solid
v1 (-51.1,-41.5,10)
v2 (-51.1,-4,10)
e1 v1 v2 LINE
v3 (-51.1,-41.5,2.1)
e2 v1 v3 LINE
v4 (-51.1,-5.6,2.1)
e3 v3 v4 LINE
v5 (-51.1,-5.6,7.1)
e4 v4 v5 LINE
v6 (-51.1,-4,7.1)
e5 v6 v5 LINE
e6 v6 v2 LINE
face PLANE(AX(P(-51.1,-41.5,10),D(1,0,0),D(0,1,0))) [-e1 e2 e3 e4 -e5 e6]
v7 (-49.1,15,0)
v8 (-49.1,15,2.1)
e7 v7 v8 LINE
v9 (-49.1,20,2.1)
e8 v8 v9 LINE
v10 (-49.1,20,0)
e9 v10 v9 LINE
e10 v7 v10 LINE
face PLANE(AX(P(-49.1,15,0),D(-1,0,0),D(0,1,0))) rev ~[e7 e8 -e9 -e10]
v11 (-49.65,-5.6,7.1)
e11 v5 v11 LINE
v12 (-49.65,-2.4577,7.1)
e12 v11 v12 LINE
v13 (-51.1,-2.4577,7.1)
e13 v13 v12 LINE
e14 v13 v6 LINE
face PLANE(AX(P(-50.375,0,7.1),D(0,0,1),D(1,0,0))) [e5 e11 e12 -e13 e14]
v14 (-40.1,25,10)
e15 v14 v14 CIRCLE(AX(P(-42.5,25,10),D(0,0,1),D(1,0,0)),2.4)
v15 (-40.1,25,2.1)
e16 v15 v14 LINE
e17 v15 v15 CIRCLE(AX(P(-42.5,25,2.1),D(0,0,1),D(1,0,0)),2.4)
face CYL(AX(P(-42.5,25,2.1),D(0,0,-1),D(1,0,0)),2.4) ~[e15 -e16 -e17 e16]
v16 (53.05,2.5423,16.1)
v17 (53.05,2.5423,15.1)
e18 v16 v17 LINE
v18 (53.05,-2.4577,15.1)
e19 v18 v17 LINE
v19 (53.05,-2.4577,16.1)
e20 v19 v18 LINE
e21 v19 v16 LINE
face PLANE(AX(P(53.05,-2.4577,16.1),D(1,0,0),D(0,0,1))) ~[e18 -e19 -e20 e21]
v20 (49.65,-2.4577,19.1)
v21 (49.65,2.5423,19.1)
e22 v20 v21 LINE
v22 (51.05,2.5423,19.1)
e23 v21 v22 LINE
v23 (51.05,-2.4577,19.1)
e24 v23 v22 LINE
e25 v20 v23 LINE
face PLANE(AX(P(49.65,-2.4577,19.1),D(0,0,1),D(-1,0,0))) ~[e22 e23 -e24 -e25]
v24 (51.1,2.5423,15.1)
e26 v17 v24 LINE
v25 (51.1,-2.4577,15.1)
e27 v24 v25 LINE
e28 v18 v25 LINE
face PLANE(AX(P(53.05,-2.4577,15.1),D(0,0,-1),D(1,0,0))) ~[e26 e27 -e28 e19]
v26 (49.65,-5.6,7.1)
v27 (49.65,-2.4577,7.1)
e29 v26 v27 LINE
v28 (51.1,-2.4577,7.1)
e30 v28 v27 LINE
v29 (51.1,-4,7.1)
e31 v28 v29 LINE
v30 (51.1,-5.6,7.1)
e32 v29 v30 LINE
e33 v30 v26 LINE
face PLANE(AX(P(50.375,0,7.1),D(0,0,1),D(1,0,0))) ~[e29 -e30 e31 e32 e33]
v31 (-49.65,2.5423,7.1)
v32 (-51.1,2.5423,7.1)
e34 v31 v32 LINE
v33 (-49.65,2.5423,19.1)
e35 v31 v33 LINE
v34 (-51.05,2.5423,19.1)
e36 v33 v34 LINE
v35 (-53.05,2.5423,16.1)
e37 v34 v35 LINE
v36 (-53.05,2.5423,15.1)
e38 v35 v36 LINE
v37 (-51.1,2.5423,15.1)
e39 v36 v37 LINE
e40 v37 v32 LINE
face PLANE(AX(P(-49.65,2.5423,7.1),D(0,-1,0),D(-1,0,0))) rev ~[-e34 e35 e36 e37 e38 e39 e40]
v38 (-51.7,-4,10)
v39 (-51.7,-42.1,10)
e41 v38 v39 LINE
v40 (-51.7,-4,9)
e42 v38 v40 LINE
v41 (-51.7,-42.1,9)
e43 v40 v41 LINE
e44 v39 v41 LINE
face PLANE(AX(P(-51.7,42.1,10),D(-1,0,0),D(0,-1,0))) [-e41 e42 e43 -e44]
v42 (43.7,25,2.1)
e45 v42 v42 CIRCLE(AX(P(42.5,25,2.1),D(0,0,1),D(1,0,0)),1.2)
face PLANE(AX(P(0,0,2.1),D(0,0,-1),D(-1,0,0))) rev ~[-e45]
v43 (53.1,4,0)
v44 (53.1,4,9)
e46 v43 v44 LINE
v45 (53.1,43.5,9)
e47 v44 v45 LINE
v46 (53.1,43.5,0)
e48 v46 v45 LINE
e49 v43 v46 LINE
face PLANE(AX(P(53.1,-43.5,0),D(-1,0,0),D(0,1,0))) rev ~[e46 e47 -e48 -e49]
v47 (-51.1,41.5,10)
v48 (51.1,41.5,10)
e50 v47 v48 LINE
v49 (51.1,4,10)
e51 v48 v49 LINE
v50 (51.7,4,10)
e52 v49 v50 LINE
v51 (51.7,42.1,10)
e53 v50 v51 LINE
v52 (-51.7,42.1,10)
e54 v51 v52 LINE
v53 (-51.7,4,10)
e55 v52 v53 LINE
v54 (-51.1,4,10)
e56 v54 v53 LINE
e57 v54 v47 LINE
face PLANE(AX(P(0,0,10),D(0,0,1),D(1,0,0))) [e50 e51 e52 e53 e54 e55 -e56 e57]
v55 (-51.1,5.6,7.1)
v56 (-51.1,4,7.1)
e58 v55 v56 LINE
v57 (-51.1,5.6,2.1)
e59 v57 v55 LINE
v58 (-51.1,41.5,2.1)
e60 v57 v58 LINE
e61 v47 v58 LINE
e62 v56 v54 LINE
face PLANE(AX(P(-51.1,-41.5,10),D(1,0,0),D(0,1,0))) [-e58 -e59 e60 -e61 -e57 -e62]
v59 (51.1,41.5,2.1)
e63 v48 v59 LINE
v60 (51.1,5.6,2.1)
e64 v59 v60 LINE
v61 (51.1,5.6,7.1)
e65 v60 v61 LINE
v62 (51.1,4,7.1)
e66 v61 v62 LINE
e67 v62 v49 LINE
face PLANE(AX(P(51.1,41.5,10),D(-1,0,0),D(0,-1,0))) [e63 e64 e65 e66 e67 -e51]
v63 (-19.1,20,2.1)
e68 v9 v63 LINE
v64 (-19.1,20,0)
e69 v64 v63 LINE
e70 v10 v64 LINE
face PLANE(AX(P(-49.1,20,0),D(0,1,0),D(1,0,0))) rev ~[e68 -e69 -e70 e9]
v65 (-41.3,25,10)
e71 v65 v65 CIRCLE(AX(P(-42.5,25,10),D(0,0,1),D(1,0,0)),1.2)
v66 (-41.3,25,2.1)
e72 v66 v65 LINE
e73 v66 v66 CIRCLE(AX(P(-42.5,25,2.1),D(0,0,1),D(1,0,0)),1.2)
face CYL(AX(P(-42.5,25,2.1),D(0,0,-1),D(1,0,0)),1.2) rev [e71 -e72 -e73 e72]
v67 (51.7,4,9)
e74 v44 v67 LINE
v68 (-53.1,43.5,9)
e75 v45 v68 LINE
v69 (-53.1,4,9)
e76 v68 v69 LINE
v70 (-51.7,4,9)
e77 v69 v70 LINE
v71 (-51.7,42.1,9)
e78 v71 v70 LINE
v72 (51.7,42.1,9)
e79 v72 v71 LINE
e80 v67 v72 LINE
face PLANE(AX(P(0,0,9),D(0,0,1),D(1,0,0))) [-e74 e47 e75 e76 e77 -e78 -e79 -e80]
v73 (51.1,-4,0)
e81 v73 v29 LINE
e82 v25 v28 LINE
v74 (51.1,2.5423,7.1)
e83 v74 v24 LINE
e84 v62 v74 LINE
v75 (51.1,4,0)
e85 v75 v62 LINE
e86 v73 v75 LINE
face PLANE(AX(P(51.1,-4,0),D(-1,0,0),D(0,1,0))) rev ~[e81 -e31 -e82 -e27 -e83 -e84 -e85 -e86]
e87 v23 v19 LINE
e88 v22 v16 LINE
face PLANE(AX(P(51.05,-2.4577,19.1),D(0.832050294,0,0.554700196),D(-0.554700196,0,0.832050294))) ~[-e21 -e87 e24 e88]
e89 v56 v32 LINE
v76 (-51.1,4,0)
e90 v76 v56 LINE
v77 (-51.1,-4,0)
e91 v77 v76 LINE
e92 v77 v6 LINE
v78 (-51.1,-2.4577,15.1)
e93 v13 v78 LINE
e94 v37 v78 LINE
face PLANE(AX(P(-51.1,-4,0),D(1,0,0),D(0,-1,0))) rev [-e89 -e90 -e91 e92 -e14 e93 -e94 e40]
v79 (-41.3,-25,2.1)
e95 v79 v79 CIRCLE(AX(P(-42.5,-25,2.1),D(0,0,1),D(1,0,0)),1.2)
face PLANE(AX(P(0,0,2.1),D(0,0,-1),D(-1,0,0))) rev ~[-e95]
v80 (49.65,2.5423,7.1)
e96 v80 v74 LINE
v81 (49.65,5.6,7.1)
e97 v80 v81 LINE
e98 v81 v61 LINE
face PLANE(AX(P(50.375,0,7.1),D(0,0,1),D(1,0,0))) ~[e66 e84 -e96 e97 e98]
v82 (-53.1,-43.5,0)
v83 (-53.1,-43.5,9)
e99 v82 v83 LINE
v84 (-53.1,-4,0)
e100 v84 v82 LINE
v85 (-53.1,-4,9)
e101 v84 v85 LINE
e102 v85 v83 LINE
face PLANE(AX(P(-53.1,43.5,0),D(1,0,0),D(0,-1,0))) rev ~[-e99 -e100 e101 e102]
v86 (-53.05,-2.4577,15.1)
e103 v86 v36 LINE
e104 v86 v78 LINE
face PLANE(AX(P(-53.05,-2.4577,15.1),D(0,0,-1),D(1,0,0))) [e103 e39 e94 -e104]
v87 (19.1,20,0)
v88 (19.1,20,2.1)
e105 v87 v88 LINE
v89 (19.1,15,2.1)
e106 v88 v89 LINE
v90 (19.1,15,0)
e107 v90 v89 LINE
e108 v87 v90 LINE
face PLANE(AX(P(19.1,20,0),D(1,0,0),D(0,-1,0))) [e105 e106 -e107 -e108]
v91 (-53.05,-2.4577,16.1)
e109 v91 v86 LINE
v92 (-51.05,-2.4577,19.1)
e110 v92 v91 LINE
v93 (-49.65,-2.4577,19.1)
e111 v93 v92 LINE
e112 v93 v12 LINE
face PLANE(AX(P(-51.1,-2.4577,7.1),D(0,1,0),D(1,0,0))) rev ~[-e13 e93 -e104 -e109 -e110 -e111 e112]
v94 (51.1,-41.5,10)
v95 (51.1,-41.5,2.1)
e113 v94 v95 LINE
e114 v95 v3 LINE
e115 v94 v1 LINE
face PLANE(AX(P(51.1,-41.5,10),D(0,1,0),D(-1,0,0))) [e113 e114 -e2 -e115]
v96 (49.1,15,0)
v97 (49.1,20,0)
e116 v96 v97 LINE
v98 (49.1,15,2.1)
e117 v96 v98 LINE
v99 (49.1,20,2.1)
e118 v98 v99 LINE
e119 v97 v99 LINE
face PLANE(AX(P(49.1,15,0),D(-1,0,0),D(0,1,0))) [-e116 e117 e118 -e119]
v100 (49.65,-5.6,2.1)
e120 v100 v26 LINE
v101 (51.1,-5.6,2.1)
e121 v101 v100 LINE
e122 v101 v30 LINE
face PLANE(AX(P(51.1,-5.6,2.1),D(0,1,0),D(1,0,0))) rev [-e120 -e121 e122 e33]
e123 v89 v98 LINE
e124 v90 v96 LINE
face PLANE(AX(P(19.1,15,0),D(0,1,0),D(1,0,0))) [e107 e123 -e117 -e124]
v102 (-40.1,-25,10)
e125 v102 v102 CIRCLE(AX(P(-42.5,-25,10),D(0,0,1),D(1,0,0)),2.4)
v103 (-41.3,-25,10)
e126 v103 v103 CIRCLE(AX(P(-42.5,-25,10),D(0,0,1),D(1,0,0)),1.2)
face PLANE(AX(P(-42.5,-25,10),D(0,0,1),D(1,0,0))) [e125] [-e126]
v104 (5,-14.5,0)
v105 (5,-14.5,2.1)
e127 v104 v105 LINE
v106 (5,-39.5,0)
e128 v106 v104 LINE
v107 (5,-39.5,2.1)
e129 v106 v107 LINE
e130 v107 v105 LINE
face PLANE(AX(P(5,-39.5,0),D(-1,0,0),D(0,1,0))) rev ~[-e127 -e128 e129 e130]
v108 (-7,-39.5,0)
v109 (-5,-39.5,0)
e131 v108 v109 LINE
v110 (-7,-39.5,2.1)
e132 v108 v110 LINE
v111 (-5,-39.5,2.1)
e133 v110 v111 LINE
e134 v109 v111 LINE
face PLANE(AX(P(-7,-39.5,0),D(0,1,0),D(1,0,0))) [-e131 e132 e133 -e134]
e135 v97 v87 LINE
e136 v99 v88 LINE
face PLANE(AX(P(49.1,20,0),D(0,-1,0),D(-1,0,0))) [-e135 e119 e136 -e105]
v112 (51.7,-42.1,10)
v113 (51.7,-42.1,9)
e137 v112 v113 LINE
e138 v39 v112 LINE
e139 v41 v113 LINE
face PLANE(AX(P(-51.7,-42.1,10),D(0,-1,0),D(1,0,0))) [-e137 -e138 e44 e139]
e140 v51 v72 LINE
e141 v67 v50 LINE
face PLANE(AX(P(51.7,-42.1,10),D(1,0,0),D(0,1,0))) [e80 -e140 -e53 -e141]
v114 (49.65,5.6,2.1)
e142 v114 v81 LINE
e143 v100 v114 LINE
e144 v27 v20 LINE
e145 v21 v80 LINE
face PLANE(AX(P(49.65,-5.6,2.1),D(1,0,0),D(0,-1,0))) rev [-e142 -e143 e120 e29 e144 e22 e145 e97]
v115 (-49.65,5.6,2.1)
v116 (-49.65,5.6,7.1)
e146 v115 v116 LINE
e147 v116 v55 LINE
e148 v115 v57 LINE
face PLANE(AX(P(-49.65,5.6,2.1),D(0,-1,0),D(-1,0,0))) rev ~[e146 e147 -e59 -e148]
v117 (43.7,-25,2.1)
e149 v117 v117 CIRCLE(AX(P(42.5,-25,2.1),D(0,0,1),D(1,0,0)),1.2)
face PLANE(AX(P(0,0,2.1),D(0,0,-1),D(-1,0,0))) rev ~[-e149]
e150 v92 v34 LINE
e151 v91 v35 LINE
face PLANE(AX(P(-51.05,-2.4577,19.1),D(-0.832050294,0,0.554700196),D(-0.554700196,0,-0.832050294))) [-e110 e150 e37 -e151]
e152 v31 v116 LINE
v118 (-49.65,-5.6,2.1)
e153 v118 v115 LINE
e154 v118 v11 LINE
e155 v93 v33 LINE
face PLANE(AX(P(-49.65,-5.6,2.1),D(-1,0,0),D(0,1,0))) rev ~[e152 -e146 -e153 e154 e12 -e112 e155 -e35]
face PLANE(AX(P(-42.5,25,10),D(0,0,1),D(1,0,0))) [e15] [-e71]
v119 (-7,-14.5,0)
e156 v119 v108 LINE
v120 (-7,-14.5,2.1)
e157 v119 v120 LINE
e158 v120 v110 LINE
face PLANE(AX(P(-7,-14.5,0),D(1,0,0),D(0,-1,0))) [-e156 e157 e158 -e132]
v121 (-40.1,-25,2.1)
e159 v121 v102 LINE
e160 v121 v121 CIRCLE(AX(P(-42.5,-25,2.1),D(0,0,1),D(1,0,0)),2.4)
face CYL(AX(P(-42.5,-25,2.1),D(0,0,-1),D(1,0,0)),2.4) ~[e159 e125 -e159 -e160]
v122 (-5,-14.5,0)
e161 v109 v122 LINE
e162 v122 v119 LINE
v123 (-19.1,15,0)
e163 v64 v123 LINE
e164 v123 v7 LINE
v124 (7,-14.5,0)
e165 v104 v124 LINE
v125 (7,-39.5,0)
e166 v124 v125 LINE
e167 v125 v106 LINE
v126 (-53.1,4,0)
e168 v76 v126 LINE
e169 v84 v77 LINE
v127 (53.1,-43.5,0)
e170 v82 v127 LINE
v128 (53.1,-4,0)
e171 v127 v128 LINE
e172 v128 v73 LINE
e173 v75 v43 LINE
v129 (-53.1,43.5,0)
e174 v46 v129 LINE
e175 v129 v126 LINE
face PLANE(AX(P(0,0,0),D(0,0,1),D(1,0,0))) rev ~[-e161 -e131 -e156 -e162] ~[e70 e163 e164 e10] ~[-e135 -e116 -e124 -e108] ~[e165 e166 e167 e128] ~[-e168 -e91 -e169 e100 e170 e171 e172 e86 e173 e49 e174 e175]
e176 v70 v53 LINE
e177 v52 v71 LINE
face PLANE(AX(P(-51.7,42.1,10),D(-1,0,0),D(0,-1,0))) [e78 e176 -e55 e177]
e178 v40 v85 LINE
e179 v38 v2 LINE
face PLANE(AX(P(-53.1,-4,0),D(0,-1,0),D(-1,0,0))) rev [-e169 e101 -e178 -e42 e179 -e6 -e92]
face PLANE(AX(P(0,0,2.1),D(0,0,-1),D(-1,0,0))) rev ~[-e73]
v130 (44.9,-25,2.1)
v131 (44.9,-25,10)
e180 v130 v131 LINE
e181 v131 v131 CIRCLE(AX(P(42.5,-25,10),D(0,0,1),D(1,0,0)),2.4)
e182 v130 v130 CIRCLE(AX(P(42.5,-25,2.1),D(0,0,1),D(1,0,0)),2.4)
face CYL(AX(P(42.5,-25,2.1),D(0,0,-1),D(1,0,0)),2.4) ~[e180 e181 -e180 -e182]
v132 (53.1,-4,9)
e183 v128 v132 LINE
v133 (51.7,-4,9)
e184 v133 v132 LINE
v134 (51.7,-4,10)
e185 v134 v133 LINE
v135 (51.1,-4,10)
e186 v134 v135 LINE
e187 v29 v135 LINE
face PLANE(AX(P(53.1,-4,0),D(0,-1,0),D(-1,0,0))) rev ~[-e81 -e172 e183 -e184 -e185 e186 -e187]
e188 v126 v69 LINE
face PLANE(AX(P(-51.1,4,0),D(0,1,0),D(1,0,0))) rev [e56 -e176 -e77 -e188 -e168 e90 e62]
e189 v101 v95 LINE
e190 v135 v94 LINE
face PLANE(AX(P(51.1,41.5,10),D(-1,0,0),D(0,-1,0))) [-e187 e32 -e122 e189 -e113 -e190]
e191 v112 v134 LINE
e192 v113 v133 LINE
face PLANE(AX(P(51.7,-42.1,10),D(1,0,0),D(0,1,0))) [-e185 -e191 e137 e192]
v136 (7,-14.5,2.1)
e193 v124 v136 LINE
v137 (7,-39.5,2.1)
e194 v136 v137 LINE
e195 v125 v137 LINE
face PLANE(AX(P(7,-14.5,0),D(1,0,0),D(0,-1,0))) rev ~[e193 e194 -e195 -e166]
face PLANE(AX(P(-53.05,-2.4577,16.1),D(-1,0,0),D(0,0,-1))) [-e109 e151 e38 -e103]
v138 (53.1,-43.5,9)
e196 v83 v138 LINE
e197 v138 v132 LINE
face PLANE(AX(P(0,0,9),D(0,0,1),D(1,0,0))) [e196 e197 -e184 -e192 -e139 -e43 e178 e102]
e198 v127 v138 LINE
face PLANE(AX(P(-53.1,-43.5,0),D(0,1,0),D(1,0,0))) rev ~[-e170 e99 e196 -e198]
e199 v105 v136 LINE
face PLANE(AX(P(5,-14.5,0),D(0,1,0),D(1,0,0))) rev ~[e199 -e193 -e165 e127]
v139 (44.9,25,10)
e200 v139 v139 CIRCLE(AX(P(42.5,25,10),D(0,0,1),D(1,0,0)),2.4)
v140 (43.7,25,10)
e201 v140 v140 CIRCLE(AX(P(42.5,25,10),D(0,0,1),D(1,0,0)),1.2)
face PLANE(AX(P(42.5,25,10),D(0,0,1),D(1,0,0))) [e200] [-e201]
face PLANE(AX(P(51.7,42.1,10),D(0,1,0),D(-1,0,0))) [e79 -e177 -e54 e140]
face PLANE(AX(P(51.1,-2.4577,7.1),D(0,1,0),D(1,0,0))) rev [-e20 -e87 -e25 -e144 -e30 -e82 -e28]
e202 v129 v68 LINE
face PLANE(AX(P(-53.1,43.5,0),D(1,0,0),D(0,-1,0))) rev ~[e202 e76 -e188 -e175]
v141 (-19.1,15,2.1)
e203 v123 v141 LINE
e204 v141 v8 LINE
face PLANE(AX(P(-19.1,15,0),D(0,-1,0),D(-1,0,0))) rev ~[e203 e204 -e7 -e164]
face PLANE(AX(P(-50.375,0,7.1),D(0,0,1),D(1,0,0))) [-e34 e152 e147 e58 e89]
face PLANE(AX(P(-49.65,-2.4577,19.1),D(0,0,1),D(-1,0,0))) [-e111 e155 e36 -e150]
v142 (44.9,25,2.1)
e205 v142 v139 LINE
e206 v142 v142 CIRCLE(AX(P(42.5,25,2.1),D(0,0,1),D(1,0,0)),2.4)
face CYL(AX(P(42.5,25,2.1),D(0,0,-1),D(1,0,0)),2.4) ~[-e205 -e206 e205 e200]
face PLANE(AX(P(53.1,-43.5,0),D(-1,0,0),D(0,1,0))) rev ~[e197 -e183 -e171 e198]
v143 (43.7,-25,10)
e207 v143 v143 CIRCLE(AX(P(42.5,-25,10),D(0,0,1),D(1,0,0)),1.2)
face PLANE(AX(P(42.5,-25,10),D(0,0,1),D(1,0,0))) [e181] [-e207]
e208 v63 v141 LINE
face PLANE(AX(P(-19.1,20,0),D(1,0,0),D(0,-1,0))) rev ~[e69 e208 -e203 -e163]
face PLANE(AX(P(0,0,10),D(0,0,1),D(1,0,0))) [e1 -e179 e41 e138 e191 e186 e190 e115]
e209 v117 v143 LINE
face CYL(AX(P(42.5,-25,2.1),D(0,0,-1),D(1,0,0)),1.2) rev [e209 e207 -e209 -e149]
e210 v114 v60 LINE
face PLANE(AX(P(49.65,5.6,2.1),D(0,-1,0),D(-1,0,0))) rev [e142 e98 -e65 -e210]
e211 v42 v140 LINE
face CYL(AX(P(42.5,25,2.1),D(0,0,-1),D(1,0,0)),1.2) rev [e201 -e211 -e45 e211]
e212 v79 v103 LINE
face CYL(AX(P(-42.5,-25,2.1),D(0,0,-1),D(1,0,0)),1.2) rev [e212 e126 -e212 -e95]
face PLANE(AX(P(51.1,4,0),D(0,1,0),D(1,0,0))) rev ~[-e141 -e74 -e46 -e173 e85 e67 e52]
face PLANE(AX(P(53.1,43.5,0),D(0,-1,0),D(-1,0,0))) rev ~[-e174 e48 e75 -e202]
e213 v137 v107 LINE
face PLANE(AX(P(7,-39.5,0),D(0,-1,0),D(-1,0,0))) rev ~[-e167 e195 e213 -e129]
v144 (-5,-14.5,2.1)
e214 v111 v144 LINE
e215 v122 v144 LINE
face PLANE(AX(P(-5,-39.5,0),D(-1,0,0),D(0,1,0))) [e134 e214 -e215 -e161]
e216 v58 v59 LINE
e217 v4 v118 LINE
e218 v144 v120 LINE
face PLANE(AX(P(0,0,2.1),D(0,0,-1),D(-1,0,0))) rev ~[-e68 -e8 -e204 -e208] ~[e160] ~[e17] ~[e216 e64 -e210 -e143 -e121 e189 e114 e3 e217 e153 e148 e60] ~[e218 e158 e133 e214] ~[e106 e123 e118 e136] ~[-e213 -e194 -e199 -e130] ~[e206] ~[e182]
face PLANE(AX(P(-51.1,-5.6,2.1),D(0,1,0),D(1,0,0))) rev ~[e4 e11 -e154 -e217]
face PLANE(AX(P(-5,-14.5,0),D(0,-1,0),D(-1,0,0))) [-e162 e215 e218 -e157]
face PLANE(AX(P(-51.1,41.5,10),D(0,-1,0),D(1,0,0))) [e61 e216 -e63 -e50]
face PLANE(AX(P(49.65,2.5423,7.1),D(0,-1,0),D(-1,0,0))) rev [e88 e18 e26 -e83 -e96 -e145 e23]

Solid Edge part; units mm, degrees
sketch "Sketch1" plane through (0, 0, 0) normal (0, 0, 1) x (1, 0, 0)
  line L0 (19.1, 20) -> (19.1, 15)
  line L1 (19.1, 15) -> (49.1, 15)
  line L2 (49.1, 15) -> (49.1, 20)
  line L3 (49.1, 20) -> (19.1, 20)
  line L4 (-7, -39.5) -> (-5, -39.5)
  line L5 (-5, -39.5) -> (-5, -14.5)
  line L6 (-5, -14.5) -> (-7, -14.5)
  line L7 (-7, -14.5) -> (-7, -39.5)
  line L8 (53.1, 43.5) -> (-53.1, 43.5)
  line L9 (-53.1, 43.5) -> (-53.1, -43.5)
  line L10 (-53.1, -43.5) -> (53.1, -43.5)
  line L11 (53.1, -43.5) -> (53.1, 43.5)
  line L12 (7, -39.5) -> (5, -39.5)
  line L13 (5, -39.5) -> (5, -14.5)
  line L14 (5, -14.5) -> (7, -14.5)
  line L15 (7, -14.5) -> (7, -39.5)
  line L16 (-49.1, 20) -> (-19.1, 20)
  line L17 (-19.1, 20) -> (-19.1, 15)
  line L18 (-19.1, 15) -> (-49.1, 15)
  line L19 (-49.1, 15) -> (-49.1, 20)
  dimension "D1" = 87
  dimension "D2" = 106.2
  dimension "D3" = 4
  dimension "D4" = 25
  dimension "D5" = 5
  dimension "D6" = 2
  dimension "D7" = 30
  dimension "D8" = 5
  dimension "D9" = 4
  dimension "D10" = 15
extrude "ExtrudedProtrusion_2" add sketch "Sketch1" along normal blind 10
sketch "Sketch2" plane through (0, 0, 10) normal (0, 0, 1) x (0, 1, 0)
  line L0 (41.5, -51.1) -> (-41.5, -51.1)
  line L1 (-41.5, -51.1) -> (-41.5, 51.1)
  line L2 (-41.5, 51.1) -> (41.5, 51.1)
  line L3 (41.5, 51.1) -> (41.5, -51.1)
  line L4 (-39.5, -7) -> (-39.5, -5)
  line L5 (-39.5, -5) -> (-14.5, -5)
  line L6 (-14.5, -5) -> (-14.5, -7)
  line L7 (-14.5, -7) -> (-39.5, -7)
  line L8 (15, 49.1) -> (20, 49.1)
  line L9 (20, 49.1) -> (20, 19.1)
  line L10 (20, 19.1) -> (15, 19.1)
  line L11 (15, 19.1) -> (15, 49.1)
  line L12 (-14.5, 5) -> (-14.5, 7)
  line L13 (-14.5, 7) -> (-39.5, 7)
  line L14 (-39.5, 7) -> (-39.5, 5)
  line L15 (-39.5, 5) -> (-14.5, 5)
  line L16 (15, -49.1) -> (20, -49.1)
  line L17 (20, -49.1) -> (20, -19.1)
  line L18 (20, -19.1) -> (15, -19.1)
  line L19 (15, -19.1) -> (15, -49.1)
extrude "ExtrudedCutout_1" cut sketch "Sketch2" against normal blind 7.9
sketch "Sketch3" plane through (0, 0, 10) normal (0, 0, 1) x (1, 0, 0)
  line L0 (-51.7, 42.1) -> (-51.7, -42.1)
  line L1 (-51.7, -42.1) -> (51.7, -42.1)
  line L2 (51.7, -42.1) -> (51.7, 42.1)
  line L3 (51.7, 42.1) -> (-51.7, 42.1)
  line L4 (53.1, 43.5) -> (-53.1, 43.5)
  line L5 (-53.1, 43.5) -> (-53.1, -43.5)
  line L6 (-53.1, -43.5) -> (53.1, -43.5)
  line L7 (53.1, -43.5) -> (53.1, 43.5)
  dimension "D1" = 103.4
  dimension "D2" = 84.2
  dimension "D3" = 87
  dimension "D4" = 106.2
extrude "ExtrudedCutout_2" cut sketch "Sketch3" against normal blind 1
sketch "Sketch4" plane through (0, 0, 2.1) normal (0, 0, 1) x (1, 0, 0)
  line L0 (-49.65, -5.6) -> (-49.65, 5.6)
  line L1 (-49.65, 5.6) -> (-51.1, 5.6)
  line L2 (-51.1, 5.6) -> (-51.1, -5.6)
  line L3 (-51.1, -5.6) -> (-49.65, -5.6)
extrude "ExtrudedProtrusion_3" add sketch "Sketch4" along normal blind 5
mirror "Mirror1" about plane through (0, 0, 0) normal (1, 0, 0) of "ExtrudedProtrusion_3"
sketch "Sketch5" plane through (-50.375, 0, 7.1) normal (0, 0, 1) x (0, 1, 0)
  line L0 (-2.4577, -0.725) -> (2.5423, -0.725)
  line L1 (2.5423, -0.725) -> (2.5423, 0.725)
  line L2 (2.5423, 0.725) -> (-2.4577, 0.725)
  line L3 (-2.4577, 0.725) -> (-2.4577, -0.725)
extrude "ExtrudedProtrusion_4" add sketch "Sketch5" along normal blind 8
mirror "Mirror2" about plane through (0, 0, 0) normal (1, 0, 0) of "ExtrudedProtrusion_4"
sketch "Sketch6" plane through (-50.375, -2.4577, 11.1) normal (0, -1, 0) x (0, 0, 1)
  line L0 (4, 2.675) -> (4, -0.725)
  line L1 (4, -0.725) -> (8, -0.725)
  line L2 (8, -0.725) -> (8, 0.675)
  line L3 (8, 0.675) -> (5, 2.675)
  line L4 (5, 2.675) -> (4, 2.675)
extrude "ExtrudedProtrusion_5" add sketch "Sketch6" against normal blind 5
mirror "Mirror3" about plane through (0, 0, 0) normal (1, 0, 0) of "ExtrudedProtrusion_5"
sketch "Sketch7" plane through (0, 0, 0) normal (0, 0, -1) x (0, 1, 0)
  line L0 (-4, 51.1) -> (4, 51.1)
  line L1 (4, 51.1) -> (4, 53.1)
  line L2 (4, 53.1) -> (-4, 53.1)
  line L3 (-4, 53.1) -> (-4, 51.1)
extrude "ExtrudedCutout_4" cut sketch "Sketch7" against normal blind 10
mirror "Mirror4" about plane through (0, 0, 0) normal (1, 0, 0) of "ExtrudedCutout_4"
sketch "Sketch8" plane through (0, 0, 2.1) normal (0, 0, 1) x (1, 0, 0)
  circle A0 centre (42.5, -25) radius 1.2
  circle A1 centre (42.5, -25) radius 2.4
  circle A2 centre (-42.5, -25) radius 2.4
  circle A3 centre (-42.5, -25) radius 1.2
  circle A4 centre (-42.5, 25) radius 1.2
  circle A5 centre (-42.5, 25) radius 2.4
  circle A6 centre (42.5, 25) radius 2.4
  circle A7 centre (42.5, 25) radius 1.2
  dimension "D1" = 42.5
  dimension "D2" = 25
  dimension "D3" = 2.4
extrude "ExtrudedProtrusion_6" add sketch "Sketch8" along normal blind 7.9
